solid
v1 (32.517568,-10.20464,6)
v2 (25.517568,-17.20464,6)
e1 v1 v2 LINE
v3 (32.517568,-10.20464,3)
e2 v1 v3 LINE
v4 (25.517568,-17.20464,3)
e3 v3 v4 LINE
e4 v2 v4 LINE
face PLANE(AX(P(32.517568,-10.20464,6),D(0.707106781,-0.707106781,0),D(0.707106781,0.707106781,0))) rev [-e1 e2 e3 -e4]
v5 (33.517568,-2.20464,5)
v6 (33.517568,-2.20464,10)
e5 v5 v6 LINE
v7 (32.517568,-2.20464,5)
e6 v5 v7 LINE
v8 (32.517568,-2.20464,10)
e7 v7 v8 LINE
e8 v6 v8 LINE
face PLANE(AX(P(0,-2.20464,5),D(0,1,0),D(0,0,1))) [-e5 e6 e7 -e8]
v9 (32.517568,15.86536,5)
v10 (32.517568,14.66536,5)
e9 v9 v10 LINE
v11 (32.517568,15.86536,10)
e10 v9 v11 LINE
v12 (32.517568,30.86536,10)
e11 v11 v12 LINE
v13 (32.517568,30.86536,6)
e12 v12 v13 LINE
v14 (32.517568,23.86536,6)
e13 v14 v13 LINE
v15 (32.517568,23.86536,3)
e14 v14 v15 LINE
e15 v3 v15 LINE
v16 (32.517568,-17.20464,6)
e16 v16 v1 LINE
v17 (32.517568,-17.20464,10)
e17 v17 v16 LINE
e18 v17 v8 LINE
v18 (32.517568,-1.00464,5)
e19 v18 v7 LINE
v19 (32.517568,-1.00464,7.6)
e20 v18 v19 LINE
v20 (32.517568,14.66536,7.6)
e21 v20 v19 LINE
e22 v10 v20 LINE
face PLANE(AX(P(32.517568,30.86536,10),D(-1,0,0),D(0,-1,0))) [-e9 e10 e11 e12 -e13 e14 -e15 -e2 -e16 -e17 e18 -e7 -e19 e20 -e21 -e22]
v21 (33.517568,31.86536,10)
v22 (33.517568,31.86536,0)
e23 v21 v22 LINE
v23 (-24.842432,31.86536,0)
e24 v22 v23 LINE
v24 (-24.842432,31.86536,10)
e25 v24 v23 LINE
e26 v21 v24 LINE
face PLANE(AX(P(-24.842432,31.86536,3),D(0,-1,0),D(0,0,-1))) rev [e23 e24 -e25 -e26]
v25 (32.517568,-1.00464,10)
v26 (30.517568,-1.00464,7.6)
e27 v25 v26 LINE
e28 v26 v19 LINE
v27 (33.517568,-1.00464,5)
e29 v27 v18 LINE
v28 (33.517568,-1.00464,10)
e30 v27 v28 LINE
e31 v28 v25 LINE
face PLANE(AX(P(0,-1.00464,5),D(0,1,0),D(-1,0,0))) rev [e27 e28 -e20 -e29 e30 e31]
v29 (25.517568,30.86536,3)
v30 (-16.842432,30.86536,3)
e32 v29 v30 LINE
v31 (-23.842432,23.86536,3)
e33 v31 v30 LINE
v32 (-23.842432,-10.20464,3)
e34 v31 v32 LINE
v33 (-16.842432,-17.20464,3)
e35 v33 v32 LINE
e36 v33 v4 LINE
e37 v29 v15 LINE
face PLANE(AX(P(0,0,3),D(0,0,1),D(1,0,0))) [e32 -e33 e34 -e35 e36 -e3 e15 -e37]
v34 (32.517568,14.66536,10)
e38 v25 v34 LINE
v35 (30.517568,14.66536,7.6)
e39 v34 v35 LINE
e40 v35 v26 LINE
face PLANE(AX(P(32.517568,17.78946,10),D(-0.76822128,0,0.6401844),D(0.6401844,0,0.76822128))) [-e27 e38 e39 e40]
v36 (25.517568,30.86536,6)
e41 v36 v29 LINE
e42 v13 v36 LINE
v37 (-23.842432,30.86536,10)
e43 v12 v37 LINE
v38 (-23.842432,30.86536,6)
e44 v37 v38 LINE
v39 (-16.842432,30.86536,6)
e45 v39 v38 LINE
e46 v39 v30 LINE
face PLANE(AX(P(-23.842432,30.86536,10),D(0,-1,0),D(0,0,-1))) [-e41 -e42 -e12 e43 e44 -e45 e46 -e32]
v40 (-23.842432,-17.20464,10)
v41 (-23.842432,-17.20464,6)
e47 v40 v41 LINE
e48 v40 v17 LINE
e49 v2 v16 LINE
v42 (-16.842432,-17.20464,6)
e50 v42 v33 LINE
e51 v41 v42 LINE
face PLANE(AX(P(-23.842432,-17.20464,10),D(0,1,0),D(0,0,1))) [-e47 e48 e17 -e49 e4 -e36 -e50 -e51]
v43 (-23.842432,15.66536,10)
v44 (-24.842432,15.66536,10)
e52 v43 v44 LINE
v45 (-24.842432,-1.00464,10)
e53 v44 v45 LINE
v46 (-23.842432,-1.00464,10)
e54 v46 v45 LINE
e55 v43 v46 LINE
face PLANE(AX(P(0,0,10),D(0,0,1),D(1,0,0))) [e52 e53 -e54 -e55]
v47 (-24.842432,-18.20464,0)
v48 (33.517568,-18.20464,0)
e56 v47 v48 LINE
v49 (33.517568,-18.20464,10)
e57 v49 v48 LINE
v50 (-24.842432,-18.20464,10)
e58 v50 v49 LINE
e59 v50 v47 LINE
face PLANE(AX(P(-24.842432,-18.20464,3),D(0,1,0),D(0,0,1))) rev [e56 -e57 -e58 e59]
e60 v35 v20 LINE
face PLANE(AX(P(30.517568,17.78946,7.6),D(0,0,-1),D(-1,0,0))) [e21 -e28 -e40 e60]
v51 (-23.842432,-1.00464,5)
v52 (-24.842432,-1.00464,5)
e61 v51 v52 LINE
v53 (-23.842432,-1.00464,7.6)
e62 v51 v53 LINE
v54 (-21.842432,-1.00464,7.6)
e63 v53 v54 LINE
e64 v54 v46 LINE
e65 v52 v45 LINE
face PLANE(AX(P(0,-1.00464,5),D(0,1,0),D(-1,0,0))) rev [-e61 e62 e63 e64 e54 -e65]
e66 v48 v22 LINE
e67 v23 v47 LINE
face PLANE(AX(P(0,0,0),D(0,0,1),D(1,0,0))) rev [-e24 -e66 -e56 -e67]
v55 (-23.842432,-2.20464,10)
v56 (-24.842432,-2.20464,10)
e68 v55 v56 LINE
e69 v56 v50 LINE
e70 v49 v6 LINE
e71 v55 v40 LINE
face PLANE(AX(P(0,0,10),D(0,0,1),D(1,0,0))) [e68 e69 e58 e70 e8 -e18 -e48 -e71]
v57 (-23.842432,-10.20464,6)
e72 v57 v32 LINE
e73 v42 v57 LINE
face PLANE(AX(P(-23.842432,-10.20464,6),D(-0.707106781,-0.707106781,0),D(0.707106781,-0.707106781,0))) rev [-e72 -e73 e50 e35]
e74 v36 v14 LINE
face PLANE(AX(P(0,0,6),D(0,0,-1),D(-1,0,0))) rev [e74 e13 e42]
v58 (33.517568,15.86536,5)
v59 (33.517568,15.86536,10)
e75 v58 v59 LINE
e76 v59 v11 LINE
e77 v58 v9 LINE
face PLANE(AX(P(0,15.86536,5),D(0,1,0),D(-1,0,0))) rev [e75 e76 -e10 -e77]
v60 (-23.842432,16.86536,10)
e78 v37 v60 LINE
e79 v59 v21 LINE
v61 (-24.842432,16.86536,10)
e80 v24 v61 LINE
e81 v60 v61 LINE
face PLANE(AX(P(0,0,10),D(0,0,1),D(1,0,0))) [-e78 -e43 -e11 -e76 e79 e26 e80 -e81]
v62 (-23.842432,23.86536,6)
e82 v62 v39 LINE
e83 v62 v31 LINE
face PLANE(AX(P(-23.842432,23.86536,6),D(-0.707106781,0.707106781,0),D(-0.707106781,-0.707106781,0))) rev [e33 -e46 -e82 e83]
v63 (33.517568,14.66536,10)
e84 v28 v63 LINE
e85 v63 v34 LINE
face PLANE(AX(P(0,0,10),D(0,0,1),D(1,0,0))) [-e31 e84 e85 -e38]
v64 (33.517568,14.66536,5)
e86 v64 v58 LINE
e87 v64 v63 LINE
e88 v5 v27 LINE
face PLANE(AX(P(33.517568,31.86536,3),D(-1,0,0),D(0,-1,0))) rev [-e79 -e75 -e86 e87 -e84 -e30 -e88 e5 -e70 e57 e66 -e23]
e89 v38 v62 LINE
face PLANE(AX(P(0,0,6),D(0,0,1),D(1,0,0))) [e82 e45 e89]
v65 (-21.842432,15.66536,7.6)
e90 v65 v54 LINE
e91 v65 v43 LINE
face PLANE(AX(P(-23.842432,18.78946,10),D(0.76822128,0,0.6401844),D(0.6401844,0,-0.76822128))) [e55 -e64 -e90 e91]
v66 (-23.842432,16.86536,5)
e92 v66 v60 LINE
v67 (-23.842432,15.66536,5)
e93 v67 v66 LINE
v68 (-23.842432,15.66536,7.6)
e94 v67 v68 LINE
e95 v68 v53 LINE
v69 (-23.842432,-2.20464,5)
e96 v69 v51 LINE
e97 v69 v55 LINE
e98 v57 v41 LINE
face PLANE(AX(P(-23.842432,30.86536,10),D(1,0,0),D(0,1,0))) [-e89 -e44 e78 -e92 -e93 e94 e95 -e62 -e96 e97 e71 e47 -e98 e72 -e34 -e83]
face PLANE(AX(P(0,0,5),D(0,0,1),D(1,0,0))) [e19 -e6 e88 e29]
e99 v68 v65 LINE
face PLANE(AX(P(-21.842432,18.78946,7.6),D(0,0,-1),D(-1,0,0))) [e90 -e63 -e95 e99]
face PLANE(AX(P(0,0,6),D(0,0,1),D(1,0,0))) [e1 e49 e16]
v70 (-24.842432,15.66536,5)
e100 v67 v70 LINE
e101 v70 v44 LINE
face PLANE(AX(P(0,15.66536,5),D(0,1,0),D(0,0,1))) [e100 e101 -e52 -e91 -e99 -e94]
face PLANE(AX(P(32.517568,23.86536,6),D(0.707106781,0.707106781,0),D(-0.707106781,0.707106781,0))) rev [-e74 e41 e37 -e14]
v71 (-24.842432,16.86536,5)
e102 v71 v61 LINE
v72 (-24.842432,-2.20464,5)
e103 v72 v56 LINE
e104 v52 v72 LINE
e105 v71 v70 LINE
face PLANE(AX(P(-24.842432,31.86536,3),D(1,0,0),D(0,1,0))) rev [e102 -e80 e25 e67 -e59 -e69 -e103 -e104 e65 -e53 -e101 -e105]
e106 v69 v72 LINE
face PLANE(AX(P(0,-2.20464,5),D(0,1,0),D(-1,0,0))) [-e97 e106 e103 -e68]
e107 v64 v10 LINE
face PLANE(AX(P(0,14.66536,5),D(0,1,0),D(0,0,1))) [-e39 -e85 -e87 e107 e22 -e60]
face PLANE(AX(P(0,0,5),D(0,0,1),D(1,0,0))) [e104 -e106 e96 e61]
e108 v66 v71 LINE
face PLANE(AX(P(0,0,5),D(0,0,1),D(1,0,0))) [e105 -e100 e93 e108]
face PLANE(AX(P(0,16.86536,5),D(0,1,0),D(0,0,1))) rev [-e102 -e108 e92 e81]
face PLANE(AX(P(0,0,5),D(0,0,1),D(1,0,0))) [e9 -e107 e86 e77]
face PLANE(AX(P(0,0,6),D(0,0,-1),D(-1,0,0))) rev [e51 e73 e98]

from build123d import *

# Parameters (mm, degrees)
SKETCH_1_W          = 58.36
SKETCH_1_H          = 50.07
EXTRUDE_1_DEPTH     = 3
SKETCH_2_W          = 58.36
SKETCH_2_H          = 50.07
SKETCH_2_W_2        = 56.36
SKETCH_2_H_2        = 48.07
EXTRUDE_2_DEPTH     = 7
EXTRUDE_3_DEPTH     = 3
SKETCH_4_W          = 1
SKETCH_4_H          = 1.2
CUT_EXTRUDE_1_DEPTH = 5
EXTRUDE_4_DEPTH     = 15.67
EXTRUDE_5_DEPTH     = 16.67


with BuildPart() as part:
    # 草圖1 → 填料-伸長1 (new body)
    with BuildSketch(Plane.XY):
        with Locations((4.337567568, 6.83036036)):
            Rectangle(SKETCH_1_W, SKETCH_1_H)
    extrude(amount=EXTRUDE_1_DEPTH)

    # 草圖2 → 填料-伸長2 (add)
    with BuildSketch(Plane.XY.offset(3)):
        with Locations((4.337567568, 6.83036036)):
            Rectangle(SKETCH_2_W, SKETCH_2_H)
        with Locations((4.337567568, 6.83036036)):
            Rectangle(SKETCH_2_W_2, SKETCH_2_H_2, mode=Mode.SUBTRACT)
    extrude(amount=EXTRUDE_2_DEPTH)

    # 草圖3 → 填料-伸長3 (add)
    with BuildSketch(Plane.XY.offset(3)):
        Polygon((-23.842432432, 30.86536036), (-23.842432432, 23.86536036), (-16.842432432, 30.86536036), align=None)
        Polygon((32.517567568, -17.20463964), (32.517567568, -10.20463964), (25.517567568, -17.20463964), align=None)
        Polygon((32.517567568, 30.86536036), (32.517567568, 23.86536036), (25.517567568, 30.86536036), align=None)
        Polygon((-23.842432432, -17.20463964), (-23.842432432, -10.20463964), (-16.842432432, -17.20463964), align=None)
    extrude(amount=EXTRUDE_3_DEPTH)

    # 草圖4 → 除料-伸長1 (cut)
    with BuildSketch(Plane.XY.offset(10)):
        with Locations((-24.342432432, -1.60463964)):
            Rectangle(SKETCH_4_W, SKETCH_4_H)
        with Locations((-24.342432432, 16.26536036)):
            Rectangle(SKETCH_4_W, SKETCH_4_H)
        with Locations((33.017567568, -1.60463964)):
            Rectangle(SKETCH_4_W, SKETCH_4_H)
        with Locations((33.017567568, 15.26536036)):
            Rectangle(SKETCH_4_W, SKETCH_4_H)
    extrude(amount=-CUT_EXTRUDE_1_DEPTH, mode=Mode.SUBTRACT)

    # 草圖5 → 填料-伸長4 (add)
    with BuildSketch(Plane.XZ.offset(1.00463964)):
        Polygon((32.517567568, 10), (30.517567568, 7.6), (32.517567568, 7.6), align=None)
    extrude(amount=-EXTRUDE_4_DEPTH)

    # 草圖6 → 填料-伸長5 (add)
    with BuildSketch(Plane.XZ.offset(1.00463964)):
        Polygon((-23.842432432, 10), (-21.842432432, 7.6), (-23.842432432, 7.6), align=None)
    extrude(amount=-EXTRUDE_5_DEPTH)


solid = part.part
